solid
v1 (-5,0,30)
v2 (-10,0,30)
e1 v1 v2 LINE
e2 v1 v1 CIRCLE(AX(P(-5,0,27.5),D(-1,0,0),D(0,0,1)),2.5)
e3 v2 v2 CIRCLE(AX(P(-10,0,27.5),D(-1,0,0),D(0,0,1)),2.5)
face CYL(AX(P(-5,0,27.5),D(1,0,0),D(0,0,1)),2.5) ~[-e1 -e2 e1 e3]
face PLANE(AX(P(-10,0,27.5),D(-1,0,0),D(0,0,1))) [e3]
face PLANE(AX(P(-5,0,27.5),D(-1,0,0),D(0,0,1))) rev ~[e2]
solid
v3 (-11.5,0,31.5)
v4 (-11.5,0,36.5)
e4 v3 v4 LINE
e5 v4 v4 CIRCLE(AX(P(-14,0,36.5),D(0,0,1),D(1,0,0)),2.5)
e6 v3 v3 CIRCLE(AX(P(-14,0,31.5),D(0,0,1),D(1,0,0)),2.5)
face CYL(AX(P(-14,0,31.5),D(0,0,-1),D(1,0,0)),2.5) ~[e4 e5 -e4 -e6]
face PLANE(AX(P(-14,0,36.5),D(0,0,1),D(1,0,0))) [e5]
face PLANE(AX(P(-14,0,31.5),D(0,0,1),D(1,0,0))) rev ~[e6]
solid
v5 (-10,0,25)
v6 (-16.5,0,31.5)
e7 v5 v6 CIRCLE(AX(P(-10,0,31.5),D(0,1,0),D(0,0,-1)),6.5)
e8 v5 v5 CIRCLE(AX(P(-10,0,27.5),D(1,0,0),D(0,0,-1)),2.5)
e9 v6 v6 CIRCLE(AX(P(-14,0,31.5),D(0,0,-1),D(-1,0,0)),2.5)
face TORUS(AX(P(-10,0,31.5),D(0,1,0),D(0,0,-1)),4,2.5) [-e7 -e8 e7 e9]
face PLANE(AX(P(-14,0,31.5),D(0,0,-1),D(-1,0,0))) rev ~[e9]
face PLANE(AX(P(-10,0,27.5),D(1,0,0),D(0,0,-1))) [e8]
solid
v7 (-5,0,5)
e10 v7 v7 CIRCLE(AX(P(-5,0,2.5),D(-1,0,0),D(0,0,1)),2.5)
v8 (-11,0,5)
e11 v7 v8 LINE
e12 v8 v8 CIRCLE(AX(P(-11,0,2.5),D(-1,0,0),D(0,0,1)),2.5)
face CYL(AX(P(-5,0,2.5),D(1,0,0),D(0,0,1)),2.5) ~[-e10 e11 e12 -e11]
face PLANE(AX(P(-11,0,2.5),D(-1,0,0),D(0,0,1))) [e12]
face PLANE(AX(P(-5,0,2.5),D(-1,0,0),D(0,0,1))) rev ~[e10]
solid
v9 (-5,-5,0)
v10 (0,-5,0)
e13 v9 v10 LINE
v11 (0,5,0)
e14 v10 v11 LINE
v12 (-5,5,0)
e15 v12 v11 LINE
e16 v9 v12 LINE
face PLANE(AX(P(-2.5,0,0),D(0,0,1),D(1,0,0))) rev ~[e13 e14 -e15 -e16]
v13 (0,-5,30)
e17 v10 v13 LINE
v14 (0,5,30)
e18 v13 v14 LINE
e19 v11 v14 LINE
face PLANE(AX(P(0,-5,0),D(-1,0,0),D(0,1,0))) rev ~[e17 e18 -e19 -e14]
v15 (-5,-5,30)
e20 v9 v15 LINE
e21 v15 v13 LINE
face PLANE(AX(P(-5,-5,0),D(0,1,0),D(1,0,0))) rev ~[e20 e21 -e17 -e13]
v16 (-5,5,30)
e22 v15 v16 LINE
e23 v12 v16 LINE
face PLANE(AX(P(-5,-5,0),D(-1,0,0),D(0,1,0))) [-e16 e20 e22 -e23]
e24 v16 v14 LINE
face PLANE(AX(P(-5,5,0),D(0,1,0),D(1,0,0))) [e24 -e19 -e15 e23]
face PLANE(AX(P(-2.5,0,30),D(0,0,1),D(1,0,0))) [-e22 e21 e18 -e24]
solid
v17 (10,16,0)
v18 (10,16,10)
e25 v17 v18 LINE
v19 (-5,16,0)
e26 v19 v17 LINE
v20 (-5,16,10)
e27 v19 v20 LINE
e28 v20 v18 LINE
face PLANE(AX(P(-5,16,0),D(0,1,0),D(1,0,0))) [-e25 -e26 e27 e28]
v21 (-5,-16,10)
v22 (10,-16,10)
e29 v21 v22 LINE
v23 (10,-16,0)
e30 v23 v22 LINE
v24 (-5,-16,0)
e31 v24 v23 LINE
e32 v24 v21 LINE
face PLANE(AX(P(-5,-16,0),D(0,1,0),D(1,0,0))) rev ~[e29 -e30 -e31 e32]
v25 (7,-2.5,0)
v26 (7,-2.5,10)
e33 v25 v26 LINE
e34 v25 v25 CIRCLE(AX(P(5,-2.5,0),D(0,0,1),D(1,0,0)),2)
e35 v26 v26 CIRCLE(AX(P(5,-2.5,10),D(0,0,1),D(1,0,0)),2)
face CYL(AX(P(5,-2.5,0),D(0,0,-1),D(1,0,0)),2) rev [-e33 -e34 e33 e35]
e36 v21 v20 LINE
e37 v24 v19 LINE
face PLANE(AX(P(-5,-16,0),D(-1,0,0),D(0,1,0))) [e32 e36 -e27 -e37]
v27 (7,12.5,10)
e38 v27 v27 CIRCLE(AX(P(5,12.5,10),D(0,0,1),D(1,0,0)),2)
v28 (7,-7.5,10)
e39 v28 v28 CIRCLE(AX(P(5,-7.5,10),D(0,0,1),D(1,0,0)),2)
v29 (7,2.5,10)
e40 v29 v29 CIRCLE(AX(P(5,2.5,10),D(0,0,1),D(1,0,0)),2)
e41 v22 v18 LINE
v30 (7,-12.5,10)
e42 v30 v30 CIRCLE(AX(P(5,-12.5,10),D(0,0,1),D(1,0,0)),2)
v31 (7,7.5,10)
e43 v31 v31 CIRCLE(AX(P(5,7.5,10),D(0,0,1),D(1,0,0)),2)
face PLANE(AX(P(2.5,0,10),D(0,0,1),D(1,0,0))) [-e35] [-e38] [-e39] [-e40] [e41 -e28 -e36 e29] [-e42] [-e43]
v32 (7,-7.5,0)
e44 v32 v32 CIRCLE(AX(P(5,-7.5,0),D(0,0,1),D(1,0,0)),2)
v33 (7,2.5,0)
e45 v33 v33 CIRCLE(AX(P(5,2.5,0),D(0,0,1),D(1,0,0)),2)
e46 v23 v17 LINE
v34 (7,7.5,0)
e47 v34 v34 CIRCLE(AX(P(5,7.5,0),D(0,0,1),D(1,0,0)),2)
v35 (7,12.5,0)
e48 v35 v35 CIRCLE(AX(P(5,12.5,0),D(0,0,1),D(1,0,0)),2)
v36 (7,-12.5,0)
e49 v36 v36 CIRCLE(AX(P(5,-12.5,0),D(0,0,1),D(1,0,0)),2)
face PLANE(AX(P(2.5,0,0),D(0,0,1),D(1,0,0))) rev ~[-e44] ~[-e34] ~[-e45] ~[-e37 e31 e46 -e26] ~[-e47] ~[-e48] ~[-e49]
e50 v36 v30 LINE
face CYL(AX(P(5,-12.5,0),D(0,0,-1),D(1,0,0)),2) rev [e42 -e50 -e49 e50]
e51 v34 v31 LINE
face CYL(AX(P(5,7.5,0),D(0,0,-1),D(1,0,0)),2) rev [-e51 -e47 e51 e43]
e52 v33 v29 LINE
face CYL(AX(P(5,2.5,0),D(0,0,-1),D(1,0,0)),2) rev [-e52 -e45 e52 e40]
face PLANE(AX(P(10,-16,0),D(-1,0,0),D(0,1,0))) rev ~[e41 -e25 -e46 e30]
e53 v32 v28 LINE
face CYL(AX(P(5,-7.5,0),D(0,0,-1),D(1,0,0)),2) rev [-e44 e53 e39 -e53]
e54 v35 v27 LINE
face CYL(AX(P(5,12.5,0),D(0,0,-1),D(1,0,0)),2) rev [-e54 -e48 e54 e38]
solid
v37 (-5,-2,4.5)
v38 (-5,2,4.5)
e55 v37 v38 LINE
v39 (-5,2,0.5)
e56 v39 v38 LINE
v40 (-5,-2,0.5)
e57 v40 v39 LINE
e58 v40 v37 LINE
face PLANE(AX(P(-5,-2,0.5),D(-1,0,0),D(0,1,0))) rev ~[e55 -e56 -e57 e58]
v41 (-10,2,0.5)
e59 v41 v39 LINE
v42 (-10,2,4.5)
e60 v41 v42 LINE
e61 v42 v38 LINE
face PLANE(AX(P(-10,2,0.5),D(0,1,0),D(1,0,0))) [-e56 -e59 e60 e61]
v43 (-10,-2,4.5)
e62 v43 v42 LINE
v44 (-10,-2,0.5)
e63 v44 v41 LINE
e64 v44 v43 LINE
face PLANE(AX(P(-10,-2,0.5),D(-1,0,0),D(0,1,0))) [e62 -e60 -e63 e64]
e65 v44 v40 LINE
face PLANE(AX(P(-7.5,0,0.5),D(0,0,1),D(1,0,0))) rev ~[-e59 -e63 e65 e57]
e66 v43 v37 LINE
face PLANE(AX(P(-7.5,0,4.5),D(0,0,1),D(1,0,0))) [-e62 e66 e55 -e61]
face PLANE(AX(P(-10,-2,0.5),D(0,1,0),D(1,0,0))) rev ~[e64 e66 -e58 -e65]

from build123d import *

# Parameters (mm, degrees)
CYLINDER002_R           = 2.5
CYLINDER002_DEPTH       = 6
CYLINDER002_PITCH_ANGLE = -90
BOX001_W                = 5
BOX001_H                = 10
BOX001_DEPTH            = 30
CYLINDER003_R           = 2.5
CYLINDER003_DEPTH       = 5
CYLINDER003_PITCH_ANGLE = -90
TORUS_R                 = 2.5
TORUS_ANGLE             = 90
CYLINDER004_R           = 2.5
CYLINDER004_DEPTH       = 5
BOX002_W                = 5
BOX002_H                = 4
BOX002_DEPTH            = 4
CYLINDER_R              = 2
CYLINDER_DEPTH          = 10
ARRAY_Y_COUNT           = 6
ARRAY_Y_PITCH           = 5
BOX_W                   = 15
BOX_H                   = 32
BOX_DEPTH               = 10


with BuildPart() as cylinder002:
    # Cylinder002 → Cylinder002 (new body)
    with BuildSketch(Plane.XY):
        Circle(CYLINDER002_R)
    extrude(amount=CYLINDER002_DEPTH)


with BuildPart() as cylinder002_1:
    # Cylinder002 pitch: moved
    add(cylinder002.part.rotate(Axis((0, 0, 0), (0, 1, 0)), CYLINDER002_PITCH_ANGLE))


with BuildPart() as cylinder002_2:
    # Cylinder002 placement: moved
    add(cylinder002_1.part.moved(Location((-5, 0, 2.5))))


with BuildPart() as cube001:
    # Box001 → Box001 (new body)
    with BuildSketch(Plane(origin=(-5, -5, 0), x_dir=(1, 0, 0), z_dir=(0, 0, 1))):
        with Locations((2.5, 5)):
            Rectangle(BOX001_W, BOX001_H)
    extrude(amount=BOX001_DEPTH)


with BuildPart() as cylinder003:
    # Cylinder003 → Cylinder003 (new body)
    with BuildSketch(Plane.XY):
        Circle(CYLINDER003_R)
    extrude(amount=CYLINDER003_DEPTH)


with BuildPart() as cylinder003_1:
    # Cylinder003 pitch: moved
    add(cylinder003.part.rotate(Axis((0, 0, 0), (0, 1, 0)), CYLINDER003_PITCH_ANGLE))


with BuildPart() as cylinder003_2:
    # Cylinder003 placement: moved
    add(cylinder003_1.part.moved(Location((-5, 0, 27.5))))


with BuildPart() as torus:
    # Torus → Torus (revolve)
    with BuildSketch(Plane(origin=(-10, 0, 31.5), x_dir=(0, 0, -1), z_dir=(1, 0, 0))):
        with Locations((4, 0)):
            Circle(TORUS_R)
    revolve(axis=Axis((-10, 0, 31.5), (0, 1, 0)), revolution_arc=TORUS_ANGLE)


with BuildPart() as cylinder004:
    # Cylinder004 → Cylinder004 (new body)
    with BuildSketch(Plane(origin=(-14, 0, 31.5), x_dir=(1, 0, 0), z_dir=(0, 0, 1))):
        Circle(CYLINDER004_R)
    extrude(amount=CYLINDER004_DEPTH)


with BuildPart() as cube002:
    # Box002 → Box002 (new body)
    with BuildSketch(Plane(origin=(-10, -2, 0.5), x_dir=(1, 0, 0), z_dir=(0, 0, 1))):
        with Locations((2.5, 2)):
            Rectangle(BOX002_W, BOX002_H)
    extrude(amount=BOX002_DEPTH)


with BuildPart() as array:
    # Cylinder → Cylinder (new body)
    with BuildSketch(Plane(origin=(5, -12.5, 0), x_dir=(1, 0, 0), z_dir=(0, 0, 1))):
        Circle(CYLINDER_R)
    extrude(amount=CYLINDER_DEPTH)

    # Array Y: Array ×6


with BuildPart() as array_1:
    add(array.part)
    with Locations(*[(0, i * ARRAY_Y_PITCH, 0) for i in range(1, ARRAY_Y_COUNT)]):
        add(array.part)


with BuildPart() as cut:
    # Box → Box (new body)
    with BuildSketch(Plane(origin=(-5, -16, 0), x_dir=(1, 0, 0), z_dir=(0, 0, 1))):
        with Locations((7.5, 16)):
            Rectangle(BOX_W, BOX_H)
    extrude(amount=BOX_DEPTH)

    # Cut: cut Array
    add(array_1.part, mode=Mode.SUBTRACT)


solid = Compound([cylinder002_2.part, cube001.part, cylinder003_2.part, torus.part, cylinder004.part, cube002.part, cut.part])
